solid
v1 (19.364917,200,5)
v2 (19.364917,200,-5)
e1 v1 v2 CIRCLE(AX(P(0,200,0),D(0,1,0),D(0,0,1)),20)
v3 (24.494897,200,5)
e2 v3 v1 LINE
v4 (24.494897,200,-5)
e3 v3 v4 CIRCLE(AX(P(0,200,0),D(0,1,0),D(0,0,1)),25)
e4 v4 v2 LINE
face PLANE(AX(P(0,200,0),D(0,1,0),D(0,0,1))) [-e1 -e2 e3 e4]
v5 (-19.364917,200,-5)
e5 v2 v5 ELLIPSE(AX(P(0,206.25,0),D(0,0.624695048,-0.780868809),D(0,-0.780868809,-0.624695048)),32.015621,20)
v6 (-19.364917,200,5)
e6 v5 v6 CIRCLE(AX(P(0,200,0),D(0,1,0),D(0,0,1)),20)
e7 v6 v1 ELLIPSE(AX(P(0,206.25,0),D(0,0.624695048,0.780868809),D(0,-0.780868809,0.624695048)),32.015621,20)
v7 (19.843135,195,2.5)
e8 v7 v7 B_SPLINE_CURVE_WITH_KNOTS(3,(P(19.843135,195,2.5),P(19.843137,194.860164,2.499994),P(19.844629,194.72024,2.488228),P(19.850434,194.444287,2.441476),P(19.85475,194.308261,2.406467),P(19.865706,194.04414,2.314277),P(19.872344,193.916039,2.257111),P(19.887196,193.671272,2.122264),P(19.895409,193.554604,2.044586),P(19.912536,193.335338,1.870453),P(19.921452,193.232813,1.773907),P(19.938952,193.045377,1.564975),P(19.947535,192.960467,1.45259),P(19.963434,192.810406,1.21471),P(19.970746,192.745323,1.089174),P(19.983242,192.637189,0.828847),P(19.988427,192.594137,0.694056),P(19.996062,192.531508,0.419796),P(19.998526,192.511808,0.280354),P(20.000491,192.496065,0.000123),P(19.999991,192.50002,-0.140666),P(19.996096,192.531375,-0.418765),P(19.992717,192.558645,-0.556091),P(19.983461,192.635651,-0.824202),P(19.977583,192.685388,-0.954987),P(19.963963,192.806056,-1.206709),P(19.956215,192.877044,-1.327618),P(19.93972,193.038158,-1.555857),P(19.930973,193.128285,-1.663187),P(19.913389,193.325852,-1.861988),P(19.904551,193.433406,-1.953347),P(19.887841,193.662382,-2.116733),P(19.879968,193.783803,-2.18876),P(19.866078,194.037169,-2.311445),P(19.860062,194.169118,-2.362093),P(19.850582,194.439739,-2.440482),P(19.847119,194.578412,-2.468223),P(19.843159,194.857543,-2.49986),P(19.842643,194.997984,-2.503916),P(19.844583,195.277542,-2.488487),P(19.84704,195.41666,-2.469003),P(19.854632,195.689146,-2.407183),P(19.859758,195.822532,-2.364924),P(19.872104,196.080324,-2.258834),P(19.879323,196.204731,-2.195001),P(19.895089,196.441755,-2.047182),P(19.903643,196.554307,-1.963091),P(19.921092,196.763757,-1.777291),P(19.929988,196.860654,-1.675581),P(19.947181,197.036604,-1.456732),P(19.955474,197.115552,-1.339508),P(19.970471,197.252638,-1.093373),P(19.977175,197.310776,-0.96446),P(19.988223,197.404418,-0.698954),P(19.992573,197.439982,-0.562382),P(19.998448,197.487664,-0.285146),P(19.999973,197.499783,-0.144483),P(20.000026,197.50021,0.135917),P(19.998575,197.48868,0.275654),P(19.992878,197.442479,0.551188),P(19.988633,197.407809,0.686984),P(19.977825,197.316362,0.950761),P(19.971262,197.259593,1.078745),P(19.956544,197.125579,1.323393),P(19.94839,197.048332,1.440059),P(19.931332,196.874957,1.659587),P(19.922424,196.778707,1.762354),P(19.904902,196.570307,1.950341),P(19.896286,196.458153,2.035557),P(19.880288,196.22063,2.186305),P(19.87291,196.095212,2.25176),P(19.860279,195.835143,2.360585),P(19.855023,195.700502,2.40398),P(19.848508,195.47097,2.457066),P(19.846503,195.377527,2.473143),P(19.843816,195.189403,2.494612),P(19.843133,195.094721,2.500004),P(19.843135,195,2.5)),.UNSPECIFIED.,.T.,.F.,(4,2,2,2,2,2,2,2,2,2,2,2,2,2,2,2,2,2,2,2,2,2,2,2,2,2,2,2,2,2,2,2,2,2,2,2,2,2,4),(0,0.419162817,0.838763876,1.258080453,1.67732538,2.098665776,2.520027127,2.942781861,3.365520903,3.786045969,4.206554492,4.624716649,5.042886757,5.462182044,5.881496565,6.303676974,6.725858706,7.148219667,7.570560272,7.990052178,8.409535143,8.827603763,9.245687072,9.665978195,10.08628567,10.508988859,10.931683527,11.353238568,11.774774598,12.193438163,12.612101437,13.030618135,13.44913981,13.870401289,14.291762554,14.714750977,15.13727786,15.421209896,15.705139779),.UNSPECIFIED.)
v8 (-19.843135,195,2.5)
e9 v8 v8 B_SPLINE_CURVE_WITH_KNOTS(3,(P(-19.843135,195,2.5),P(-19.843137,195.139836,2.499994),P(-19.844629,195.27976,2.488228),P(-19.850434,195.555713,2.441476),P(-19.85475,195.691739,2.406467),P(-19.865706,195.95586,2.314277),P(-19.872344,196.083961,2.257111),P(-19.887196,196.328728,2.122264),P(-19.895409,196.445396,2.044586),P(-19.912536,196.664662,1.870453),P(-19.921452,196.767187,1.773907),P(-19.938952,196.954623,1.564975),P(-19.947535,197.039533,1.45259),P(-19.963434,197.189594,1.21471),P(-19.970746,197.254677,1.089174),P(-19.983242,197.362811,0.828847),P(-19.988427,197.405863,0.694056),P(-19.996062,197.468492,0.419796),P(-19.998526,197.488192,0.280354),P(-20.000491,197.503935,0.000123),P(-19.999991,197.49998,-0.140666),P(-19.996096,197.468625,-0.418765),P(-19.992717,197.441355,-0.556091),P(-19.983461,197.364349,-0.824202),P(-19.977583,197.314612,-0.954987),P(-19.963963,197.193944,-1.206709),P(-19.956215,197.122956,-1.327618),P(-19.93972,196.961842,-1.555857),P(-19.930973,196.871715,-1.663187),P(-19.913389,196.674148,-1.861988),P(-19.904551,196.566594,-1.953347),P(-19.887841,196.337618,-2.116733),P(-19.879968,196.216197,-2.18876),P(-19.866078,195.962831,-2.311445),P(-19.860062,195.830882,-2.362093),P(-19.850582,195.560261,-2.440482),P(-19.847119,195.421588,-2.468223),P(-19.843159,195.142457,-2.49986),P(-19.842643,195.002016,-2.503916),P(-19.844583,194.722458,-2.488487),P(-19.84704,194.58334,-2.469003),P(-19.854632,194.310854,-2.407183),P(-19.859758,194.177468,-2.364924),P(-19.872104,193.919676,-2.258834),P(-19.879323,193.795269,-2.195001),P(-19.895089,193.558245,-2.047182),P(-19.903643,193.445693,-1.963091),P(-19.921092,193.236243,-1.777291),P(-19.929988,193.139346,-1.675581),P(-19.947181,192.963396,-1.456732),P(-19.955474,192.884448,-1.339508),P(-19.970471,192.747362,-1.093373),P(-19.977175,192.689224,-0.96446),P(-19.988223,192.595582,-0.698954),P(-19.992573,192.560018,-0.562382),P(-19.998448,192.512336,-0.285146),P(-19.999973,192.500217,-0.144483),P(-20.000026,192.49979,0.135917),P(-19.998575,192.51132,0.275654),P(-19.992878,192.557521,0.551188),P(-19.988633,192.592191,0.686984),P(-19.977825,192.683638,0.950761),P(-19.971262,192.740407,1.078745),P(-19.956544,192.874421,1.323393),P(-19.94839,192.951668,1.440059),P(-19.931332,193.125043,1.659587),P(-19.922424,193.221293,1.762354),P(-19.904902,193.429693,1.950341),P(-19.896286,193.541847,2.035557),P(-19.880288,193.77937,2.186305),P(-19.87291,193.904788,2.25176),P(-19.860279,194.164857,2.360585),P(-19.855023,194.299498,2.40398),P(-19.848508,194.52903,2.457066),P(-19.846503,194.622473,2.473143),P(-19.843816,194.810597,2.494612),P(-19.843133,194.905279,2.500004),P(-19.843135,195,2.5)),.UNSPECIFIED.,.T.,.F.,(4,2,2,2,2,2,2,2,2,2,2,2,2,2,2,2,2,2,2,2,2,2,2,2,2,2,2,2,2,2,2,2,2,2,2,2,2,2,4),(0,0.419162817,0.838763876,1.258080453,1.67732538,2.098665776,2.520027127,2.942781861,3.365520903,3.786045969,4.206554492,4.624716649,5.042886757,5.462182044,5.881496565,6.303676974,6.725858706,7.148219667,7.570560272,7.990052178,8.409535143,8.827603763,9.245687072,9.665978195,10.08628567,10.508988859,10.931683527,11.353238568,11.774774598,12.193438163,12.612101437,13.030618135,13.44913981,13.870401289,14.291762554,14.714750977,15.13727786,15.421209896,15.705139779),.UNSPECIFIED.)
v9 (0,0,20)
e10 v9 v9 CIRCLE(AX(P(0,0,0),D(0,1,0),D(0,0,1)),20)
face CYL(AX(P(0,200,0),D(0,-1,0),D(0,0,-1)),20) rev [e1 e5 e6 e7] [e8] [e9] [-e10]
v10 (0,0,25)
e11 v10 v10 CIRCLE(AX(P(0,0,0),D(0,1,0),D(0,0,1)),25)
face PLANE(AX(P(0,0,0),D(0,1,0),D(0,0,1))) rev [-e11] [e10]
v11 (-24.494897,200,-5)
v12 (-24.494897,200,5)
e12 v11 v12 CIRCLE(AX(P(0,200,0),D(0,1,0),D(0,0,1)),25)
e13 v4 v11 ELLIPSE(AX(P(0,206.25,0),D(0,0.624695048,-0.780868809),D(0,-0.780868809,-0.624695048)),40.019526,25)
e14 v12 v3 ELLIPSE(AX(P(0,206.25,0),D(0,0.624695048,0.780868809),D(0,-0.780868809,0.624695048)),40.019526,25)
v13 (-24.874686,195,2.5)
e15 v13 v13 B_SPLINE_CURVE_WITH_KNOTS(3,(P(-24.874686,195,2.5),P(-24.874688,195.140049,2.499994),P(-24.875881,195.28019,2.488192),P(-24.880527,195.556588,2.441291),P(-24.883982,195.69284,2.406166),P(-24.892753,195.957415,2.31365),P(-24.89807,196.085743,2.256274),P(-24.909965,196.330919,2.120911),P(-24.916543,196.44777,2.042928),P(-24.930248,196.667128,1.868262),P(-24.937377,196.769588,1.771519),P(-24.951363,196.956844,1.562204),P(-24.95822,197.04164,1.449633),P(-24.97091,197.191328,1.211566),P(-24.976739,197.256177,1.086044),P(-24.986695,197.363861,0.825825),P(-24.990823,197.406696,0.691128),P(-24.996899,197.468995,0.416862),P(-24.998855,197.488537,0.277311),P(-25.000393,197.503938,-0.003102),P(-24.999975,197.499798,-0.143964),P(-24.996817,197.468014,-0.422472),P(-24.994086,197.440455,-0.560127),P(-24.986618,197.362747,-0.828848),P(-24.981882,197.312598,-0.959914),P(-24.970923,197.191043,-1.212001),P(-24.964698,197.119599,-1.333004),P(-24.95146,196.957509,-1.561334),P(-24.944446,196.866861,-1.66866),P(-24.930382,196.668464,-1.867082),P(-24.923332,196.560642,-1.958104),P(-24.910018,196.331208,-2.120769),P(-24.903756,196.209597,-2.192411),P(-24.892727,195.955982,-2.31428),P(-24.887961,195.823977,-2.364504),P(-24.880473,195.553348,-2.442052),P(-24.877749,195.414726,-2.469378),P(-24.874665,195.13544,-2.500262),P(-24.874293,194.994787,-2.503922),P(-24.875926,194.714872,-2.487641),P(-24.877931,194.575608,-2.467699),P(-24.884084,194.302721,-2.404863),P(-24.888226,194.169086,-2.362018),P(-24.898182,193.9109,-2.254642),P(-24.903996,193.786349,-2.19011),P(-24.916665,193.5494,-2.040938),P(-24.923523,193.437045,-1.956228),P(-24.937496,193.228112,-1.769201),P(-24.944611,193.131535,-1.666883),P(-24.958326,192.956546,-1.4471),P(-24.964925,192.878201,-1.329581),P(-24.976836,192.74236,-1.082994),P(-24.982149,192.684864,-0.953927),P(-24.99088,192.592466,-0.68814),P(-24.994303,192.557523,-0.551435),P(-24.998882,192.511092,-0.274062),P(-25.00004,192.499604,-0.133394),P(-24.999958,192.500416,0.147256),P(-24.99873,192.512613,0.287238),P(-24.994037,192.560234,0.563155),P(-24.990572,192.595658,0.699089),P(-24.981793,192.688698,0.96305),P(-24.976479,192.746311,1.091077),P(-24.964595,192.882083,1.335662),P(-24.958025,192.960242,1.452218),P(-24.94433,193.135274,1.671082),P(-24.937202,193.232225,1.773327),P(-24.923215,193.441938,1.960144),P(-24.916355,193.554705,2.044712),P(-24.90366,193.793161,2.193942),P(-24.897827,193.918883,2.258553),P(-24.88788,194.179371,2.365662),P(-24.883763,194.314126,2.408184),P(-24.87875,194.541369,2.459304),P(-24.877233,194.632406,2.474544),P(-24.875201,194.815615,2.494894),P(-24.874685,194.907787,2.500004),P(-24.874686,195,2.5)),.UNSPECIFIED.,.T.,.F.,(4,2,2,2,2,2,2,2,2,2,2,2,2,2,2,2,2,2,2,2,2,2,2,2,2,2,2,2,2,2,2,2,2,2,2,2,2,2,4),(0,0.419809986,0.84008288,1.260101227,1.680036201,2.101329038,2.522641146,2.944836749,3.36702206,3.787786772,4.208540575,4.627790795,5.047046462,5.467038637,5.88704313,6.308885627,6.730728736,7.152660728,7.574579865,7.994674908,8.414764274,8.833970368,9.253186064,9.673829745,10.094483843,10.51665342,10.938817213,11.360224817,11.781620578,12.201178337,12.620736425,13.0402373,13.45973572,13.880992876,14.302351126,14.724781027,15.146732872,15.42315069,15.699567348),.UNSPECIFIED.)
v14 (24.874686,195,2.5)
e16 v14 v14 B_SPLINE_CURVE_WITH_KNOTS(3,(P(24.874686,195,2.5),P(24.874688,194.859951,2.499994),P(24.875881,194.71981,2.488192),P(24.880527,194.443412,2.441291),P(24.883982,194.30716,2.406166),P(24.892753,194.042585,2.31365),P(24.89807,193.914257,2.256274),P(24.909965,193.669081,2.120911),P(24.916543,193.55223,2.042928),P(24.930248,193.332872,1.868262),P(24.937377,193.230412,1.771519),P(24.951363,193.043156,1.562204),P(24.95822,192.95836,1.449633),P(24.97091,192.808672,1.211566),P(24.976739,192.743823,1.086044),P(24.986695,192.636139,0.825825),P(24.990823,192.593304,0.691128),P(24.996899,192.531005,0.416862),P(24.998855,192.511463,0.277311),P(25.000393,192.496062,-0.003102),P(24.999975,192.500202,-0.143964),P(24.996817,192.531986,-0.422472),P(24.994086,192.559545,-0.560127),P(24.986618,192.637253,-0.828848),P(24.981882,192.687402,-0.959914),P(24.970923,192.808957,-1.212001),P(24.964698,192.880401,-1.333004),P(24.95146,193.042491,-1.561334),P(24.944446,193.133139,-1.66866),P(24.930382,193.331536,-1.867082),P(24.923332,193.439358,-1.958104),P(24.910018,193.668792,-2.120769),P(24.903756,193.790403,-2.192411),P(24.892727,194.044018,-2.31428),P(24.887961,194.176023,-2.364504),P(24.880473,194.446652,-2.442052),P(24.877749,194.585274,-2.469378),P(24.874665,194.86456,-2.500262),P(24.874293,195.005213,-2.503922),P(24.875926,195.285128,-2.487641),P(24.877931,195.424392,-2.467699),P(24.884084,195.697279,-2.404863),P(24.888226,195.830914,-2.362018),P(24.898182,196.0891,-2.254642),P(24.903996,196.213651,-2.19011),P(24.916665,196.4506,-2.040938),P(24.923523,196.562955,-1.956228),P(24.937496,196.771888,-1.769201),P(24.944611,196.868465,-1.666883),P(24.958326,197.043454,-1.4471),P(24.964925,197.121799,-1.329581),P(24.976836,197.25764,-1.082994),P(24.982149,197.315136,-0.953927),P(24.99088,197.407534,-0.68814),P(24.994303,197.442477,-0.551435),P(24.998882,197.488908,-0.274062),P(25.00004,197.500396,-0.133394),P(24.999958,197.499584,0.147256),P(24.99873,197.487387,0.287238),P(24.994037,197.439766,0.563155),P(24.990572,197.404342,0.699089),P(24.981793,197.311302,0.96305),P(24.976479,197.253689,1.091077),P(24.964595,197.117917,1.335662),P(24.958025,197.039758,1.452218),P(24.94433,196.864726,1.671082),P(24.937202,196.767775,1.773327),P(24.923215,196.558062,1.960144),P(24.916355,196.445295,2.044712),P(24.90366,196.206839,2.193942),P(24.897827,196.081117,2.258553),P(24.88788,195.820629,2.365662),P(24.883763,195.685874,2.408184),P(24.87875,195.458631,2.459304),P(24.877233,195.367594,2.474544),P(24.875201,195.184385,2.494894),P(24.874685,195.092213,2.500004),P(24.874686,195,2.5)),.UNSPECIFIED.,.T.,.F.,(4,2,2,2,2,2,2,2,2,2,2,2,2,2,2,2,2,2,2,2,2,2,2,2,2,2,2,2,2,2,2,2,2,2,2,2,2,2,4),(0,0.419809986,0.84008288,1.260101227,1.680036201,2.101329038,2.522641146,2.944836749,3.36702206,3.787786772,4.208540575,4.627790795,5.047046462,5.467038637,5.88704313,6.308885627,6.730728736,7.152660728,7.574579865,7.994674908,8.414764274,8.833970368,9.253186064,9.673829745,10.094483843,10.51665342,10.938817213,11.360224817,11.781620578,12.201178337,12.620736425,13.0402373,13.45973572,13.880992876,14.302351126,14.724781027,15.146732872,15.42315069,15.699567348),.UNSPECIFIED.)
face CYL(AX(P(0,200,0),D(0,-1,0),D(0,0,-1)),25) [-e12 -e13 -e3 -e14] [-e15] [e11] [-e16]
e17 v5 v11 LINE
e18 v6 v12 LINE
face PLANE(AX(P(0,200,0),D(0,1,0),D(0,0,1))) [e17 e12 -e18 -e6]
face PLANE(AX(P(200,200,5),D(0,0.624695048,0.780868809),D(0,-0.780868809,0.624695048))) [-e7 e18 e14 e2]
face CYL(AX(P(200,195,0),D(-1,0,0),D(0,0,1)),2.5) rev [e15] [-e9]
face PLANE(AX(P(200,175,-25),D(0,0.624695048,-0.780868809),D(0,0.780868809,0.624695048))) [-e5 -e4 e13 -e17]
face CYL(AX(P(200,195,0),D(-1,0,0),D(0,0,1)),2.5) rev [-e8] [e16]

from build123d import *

# Parameters (mm, degrees)
SKETCH1_R               = 25
SKETCH1_R_2             = 20
BOSS_EXTRUDE1_DEPTH     = 200
CUT_EXTRUDE1_DEPTH      = 200
CUT_EXTRUDE1_DEPTH_BACK = 200
SKETCH2_R               = 2.5


with BuildPart() as part:
    # Sketch1 → Boss-Extrude1 (new body)
    with BuildSketch(Plane(origin=(0, 0, 0), x_dir=(1, 0, 0), z_dir=(0, 1, 0))):
        with Locations(Location((0, 0, 0), (0, 0, 270))):
            Circle(SKETCH1_R)
        with Locations(Location((0, 0, 0), (0, 0, 270))):
            Circle(SKETCH1_R_2, mode=Mode.SUBTRACT)
    extrude(amount=BOSS_EXTRUDE1_DEPTH)

    # Sketch2 → Cut-Extrude1 (cut, two sides: drawn at the far end of the back side and taken through both)
    with BuildSketch(Plane(origin=(0, 0, 0), x_dir=(0, 0, -1), z_dir=(1, 0, 0)).offset(-CUT_EXTRUDE1_DEPTH_BACK)):
        with Locations(Location((0, 195, 0), (0, 0, 180))):
            Circle(SKETCH2_R)
        Polygon((25, 175), (5, 200), (-5, 200), (-25, 175), (-25, 205.937261936), (25, 205.937261936), align=None)
    extrude(amount=CUT_EXTRUDE1_DEPTH + CUT_EXTRUDE1_DEPTH_BACK, mode=Mode.SUBTRACT)


solid = part.part
